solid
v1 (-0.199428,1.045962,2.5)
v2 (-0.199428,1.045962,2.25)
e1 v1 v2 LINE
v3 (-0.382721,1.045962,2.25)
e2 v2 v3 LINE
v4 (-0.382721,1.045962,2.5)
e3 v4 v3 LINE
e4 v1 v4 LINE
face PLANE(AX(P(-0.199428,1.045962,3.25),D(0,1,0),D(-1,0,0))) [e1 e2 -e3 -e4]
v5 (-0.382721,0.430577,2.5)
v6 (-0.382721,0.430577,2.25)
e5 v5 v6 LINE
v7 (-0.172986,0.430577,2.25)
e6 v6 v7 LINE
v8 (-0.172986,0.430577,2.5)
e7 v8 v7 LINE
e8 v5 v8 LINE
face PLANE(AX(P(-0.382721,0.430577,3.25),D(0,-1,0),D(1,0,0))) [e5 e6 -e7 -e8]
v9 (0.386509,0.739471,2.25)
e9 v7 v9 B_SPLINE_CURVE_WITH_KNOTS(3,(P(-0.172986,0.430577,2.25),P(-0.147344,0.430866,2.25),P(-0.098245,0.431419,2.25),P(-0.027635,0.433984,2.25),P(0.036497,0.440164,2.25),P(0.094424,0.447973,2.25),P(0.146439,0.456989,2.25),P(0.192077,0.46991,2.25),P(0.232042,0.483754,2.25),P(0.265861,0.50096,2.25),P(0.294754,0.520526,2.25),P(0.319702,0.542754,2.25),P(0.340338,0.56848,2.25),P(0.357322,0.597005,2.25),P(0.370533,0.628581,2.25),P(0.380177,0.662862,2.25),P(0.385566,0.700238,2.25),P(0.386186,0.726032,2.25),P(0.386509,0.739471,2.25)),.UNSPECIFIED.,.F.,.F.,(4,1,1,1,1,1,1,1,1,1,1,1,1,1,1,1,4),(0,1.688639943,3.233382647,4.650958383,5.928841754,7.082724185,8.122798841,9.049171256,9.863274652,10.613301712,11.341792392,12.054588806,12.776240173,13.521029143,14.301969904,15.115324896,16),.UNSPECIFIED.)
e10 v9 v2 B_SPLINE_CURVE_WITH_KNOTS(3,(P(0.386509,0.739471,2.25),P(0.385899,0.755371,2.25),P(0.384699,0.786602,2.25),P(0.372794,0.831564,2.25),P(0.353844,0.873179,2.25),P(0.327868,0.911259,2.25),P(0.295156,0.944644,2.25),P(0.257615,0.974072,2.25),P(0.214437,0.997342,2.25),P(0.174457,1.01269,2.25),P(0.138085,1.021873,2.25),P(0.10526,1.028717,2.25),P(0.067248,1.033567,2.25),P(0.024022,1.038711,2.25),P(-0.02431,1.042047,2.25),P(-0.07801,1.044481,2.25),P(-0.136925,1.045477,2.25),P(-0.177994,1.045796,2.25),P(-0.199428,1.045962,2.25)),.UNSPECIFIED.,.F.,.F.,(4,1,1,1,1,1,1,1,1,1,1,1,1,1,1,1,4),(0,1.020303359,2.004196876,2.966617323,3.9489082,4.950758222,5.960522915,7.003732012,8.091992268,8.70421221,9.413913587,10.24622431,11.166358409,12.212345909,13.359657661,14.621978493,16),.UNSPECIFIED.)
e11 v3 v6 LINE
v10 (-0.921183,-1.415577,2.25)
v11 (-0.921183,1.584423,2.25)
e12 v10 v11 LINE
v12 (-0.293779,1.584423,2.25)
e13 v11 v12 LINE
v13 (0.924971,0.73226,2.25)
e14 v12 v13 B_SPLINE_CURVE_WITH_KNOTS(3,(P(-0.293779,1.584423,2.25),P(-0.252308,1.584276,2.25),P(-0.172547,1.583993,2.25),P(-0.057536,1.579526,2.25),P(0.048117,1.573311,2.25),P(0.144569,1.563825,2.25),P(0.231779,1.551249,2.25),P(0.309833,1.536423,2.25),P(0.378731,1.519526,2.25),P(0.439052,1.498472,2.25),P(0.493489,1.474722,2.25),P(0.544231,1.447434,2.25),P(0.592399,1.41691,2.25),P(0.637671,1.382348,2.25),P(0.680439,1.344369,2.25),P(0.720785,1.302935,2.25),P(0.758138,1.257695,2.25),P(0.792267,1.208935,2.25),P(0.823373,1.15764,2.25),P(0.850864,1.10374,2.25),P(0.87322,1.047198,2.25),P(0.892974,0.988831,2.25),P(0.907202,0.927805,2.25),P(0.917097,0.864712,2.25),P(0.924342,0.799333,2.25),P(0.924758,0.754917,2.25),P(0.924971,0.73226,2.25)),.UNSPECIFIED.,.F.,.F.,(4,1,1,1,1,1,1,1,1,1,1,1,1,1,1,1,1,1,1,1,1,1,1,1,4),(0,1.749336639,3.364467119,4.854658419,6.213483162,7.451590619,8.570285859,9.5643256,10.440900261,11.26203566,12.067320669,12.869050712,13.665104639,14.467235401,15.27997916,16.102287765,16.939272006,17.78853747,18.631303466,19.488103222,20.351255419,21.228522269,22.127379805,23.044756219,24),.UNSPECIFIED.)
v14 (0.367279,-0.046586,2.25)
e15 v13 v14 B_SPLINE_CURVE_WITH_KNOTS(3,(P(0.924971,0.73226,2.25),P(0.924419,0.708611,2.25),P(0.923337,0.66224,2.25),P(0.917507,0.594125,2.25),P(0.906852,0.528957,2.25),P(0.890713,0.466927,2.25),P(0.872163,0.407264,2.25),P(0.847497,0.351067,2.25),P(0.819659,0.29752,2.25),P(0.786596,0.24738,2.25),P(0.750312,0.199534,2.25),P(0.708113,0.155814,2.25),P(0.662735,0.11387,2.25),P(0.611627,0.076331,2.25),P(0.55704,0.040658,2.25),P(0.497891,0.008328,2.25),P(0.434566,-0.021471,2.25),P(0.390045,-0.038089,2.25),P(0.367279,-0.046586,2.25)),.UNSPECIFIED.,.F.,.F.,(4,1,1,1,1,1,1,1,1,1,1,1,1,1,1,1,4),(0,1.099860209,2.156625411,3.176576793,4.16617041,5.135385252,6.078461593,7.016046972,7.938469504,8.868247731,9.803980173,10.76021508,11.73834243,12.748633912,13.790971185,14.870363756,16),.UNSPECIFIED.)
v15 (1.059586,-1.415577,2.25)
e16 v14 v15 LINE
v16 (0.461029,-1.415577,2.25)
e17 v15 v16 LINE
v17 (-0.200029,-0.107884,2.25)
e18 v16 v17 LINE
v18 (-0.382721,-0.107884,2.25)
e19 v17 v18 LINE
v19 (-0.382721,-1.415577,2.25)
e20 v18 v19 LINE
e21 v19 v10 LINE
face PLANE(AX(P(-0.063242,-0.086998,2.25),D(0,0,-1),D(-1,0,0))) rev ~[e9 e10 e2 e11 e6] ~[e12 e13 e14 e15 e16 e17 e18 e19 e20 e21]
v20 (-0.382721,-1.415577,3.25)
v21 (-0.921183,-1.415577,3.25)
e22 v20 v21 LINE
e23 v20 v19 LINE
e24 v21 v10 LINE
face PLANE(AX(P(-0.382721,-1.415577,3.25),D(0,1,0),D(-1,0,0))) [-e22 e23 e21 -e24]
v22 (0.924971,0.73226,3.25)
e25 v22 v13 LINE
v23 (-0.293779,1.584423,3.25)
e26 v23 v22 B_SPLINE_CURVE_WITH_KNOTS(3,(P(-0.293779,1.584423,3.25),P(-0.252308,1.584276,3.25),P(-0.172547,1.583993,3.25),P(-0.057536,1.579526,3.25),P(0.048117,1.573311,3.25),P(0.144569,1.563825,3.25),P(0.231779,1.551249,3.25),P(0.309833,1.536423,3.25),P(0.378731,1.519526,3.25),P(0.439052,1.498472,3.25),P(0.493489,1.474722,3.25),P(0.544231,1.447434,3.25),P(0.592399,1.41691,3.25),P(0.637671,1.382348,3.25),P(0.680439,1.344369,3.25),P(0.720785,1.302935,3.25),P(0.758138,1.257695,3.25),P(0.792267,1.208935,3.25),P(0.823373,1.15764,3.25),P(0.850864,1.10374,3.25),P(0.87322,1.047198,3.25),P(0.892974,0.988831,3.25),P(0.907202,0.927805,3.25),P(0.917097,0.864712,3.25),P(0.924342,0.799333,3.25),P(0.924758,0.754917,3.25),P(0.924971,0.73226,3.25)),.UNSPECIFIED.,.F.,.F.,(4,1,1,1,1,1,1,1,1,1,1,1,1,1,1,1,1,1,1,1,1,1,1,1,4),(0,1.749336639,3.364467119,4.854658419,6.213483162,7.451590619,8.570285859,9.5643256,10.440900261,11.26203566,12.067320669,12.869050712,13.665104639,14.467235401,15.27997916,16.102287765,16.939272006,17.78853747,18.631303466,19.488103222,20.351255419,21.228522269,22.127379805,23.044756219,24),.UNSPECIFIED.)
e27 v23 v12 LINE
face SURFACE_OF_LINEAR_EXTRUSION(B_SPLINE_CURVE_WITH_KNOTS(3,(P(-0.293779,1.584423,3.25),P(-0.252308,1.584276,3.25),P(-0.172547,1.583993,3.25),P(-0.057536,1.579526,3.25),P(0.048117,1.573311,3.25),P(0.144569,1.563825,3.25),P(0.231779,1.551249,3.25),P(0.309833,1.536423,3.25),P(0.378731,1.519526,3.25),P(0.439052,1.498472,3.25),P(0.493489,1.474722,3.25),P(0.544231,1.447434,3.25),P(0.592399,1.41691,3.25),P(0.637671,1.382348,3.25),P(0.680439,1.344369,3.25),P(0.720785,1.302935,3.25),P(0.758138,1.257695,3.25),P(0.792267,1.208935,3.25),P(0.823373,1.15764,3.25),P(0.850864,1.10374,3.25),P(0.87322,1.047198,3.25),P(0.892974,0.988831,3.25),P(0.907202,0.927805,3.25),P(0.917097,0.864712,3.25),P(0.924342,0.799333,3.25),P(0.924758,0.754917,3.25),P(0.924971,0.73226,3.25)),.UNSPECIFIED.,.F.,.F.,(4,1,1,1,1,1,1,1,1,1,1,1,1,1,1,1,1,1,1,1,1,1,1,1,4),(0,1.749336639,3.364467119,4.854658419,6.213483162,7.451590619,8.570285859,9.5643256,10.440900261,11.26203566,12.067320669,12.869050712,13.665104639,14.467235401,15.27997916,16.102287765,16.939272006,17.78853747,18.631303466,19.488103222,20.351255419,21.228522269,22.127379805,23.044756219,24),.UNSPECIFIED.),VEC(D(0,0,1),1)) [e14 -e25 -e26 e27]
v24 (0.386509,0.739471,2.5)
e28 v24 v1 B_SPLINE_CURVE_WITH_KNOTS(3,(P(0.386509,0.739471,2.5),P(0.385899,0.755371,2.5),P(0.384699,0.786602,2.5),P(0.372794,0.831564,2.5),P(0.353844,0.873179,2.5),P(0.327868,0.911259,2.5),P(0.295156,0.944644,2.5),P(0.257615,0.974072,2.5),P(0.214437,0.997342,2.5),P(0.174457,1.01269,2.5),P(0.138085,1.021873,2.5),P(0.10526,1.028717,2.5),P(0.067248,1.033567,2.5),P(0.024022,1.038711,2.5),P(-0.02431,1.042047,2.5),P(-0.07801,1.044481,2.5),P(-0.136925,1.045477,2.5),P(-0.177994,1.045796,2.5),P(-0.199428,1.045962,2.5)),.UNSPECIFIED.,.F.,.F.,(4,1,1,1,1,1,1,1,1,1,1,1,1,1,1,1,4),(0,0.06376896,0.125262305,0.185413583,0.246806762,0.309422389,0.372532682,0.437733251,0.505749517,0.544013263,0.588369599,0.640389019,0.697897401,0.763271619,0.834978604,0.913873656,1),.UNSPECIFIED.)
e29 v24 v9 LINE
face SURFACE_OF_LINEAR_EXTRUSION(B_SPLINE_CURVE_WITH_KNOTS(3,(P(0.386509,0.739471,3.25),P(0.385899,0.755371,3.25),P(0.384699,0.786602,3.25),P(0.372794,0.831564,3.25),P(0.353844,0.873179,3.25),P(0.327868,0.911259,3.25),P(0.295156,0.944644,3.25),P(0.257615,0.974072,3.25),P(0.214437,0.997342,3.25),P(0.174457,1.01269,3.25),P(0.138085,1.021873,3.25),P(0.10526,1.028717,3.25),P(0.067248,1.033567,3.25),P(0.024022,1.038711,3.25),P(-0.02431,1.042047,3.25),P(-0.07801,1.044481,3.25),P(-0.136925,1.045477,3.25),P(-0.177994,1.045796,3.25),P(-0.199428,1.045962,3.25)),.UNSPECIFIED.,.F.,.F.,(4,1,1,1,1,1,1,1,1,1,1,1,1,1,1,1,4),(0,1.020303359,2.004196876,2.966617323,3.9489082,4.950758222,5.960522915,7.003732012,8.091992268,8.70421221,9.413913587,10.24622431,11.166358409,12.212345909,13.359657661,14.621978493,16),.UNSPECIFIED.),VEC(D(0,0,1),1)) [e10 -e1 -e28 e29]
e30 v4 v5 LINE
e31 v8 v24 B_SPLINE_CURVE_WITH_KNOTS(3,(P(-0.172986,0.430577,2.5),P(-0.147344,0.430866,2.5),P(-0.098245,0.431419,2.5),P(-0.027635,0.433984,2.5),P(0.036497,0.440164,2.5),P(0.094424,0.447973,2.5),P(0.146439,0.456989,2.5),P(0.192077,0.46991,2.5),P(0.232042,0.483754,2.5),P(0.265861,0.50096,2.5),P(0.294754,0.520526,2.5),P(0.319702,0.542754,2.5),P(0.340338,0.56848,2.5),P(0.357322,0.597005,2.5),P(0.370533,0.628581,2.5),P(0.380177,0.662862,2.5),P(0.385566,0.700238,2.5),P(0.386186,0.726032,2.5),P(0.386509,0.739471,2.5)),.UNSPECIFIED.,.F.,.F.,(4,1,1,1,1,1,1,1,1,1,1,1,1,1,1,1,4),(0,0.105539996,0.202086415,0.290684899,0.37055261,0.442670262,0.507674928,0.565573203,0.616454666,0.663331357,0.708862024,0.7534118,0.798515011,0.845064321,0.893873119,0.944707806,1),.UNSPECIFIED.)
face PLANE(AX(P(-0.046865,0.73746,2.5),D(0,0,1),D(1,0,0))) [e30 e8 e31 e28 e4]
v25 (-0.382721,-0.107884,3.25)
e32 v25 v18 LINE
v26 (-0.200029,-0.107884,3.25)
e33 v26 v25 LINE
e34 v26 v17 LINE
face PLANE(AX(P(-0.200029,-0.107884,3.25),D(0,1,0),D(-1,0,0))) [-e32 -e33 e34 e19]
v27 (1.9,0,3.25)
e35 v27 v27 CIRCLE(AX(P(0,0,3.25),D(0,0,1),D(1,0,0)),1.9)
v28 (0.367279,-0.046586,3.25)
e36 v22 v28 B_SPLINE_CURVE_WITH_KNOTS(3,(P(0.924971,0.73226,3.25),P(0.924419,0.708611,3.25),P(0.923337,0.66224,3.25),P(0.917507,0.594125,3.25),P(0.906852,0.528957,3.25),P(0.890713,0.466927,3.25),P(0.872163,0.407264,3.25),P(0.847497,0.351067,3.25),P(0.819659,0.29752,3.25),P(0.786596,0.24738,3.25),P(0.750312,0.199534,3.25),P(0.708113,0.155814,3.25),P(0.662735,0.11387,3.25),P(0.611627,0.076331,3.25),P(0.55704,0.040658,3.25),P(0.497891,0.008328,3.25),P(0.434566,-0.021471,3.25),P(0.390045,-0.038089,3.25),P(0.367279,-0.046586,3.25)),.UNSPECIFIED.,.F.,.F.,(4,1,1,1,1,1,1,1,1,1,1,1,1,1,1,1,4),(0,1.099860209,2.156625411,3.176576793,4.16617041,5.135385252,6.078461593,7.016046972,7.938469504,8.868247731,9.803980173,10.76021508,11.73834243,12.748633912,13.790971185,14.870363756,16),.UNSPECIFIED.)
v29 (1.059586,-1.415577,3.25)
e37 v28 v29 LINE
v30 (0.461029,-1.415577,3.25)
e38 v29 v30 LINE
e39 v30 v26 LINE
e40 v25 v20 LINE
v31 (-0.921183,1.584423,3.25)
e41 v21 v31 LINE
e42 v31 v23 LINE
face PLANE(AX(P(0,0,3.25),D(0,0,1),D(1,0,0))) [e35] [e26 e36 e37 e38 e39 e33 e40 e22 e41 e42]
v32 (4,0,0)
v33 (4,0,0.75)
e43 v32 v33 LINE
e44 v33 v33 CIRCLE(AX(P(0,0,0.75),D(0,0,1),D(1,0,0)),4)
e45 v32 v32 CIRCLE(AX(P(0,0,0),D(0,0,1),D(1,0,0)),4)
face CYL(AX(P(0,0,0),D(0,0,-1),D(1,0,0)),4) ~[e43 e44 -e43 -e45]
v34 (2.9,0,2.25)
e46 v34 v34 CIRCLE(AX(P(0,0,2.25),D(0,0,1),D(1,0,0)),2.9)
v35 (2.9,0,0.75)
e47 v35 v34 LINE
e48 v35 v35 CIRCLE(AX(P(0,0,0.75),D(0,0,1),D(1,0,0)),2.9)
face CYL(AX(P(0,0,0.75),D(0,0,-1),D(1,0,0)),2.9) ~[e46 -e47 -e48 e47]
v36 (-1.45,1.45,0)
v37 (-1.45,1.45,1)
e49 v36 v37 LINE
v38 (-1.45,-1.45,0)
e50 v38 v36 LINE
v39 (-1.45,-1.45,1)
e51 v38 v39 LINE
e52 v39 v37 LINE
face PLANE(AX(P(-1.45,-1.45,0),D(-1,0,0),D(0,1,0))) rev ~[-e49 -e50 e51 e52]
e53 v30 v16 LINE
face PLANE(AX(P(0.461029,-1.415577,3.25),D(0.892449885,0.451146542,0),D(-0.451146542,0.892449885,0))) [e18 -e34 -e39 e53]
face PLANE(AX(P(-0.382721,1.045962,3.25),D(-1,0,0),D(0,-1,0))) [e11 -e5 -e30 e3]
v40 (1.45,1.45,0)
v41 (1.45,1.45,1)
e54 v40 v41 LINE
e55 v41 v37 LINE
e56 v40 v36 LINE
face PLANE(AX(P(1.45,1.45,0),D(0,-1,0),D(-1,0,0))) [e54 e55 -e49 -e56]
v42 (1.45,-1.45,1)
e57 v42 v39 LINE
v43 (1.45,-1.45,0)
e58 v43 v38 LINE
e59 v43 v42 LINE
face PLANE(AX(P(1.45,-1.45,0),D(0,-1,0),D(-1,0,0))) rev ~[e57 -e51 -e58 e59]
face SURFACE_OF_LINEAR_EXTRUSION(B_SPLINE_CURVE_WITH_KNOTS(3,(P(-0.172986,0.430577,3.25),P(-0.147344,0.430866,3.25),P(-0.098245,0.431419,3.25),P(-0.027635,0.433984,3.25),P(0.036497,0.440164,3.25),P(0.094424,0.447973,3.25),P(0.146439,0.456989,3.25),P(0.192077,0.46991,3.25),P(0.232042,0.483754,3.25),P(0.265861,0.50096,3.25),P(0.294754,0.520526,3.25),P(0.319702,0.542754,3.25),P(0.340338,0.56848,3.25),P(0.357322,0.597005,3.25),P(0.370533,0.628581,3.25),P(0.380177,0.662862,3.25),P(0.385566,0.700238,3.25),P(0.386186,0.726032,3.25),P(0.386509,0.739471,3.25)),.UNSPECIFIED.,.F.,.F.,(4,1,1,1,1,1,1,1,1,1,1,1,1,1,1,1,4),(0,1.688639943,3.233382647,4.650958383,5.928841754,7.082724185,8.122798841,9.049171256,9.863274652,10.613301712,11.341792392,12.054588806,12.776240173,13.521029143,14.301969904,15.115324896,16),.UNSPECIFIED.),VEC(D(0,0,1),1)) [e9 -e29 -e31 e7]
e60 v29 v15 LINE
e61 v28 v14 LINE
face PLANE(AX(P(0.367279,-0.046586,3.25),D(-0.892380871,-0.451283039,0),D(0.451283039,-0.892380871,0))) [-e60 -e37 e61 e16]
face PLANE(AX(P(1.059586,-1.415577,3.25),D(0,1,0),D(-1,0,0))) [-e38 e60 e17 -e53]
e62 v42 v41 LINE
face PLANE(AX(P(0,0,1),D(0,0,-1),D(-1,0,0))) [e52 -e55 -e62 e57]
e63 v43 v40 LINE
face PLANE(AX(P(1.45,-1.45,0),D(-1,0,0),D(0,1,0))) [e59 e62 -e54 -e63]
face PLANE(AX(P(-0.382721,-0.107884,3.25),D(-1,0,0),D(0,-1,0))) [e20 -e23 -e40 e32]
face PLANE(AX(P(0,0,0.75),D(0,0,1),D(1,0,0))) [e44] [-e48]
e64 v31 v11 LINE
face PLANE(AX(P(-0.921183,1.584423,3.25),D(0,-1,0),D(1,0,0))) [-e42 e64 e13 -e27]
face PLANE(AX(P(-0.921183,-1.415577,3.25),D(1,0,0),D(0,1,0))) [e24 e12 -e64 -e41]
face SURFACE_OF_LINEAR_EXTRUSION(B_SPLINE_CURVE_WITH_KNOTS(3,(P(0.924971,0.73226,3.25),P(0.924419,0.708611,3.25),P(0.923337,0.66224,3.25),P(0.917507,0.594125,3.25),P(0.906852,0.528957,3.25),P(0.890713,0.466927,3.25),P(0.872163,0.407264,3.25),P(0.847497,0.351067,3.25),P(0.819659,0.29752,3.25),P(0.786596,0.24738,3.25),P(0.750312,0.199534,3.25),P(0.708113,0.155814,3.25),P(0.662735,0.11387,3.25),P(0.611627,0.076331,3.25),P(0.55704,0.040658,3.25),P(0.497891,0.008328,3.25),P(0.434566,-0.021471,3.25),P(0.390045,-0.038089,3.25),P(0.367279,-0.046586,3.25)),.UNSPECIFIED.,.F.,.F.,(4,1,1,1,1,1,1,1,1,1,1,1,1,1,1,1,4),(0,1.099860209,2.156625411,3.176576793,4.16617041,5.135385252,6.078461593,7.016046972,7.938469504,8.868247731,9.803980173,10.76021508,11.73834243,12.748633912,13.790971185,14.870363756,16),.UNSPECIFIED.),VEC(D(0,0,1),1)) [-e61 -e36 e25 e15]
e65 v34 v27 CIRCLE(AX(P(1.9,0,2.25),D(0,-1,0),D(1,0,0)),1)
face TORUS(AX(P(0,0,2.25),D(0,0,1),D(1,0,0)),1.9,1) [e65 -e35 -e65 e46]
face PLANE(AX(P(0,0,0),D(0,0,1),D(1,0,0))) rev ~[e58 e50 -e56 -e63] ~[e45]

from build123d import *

# Parameters (mm, degrees)
SZKIC1_R                    = 4
DODANIE_WYCI_GNI_CIE1_DEPTH = 0.75
SZKIC2_R                    = 2.9
DODANIE_WYCI_GNI_CIE2_DEPTH = 2.5
SZKIC3_W                    = 2.5
SZKIC3_H                    = 2.5
WYTNIJ_WYCI_GNI_CIE1_DEPTH  = 1
ZAOKR_GLENIE2_R             = 1
SZKIC4_W                    = 2.9
SZKIC4_H                    = 2.9
WYTNIJ_WYCI_GNI_CIE2_DEPTH  = 1
WYTNIJ_WYCI_GNI_CIE3_DEPTH  = 1
WYTNIJ_WYCI_GNI_CIE4_DEPTH  = 0.75


with BuildPart() as part:
    # Szkic1 → Dodanie-wyciągnięcie1 (new body)
    with BuildSketch(Plane.XY):
        Circle(SZKIC1_R)
    extrude(amount=DODANIE_WYCI_GNI_CIE1_DEPTH)

    # Szkic2 → Dodanie-wyciągnięcie2 (add)
    with BuildSketch(Plane.XY.offset(0.75)):
        Circle(SZKIC2_R)
    extrude(amount=DODANIE_WYCI_GNI_CIE2_DEPTH)

    # Szkic3 → Wytnij-wyciągnięcie1 (cut)
    with BuildSketch(Plane(origin=(0, 0, 0), x_dir=(-1, 0, 0), z_dir=(0, 0, -1))):
        Rectangle(SZKIC3_W, SZKIC3_H)
    extrude(amount=-WYTNIJ_WYCI_GNI_CIE1_DEPTH, mode=Mode.SUBTRACT)

    # Zaokrąglenie2
    zaokr_glenie2_edges = [part.edges().sort_by_distance(p)[0] for p in [
        (-2.9, 0, 3.25),
    ]]
    fillet(zaokr_glenie2_edges, radius=ZAOKR_GLENIE2_R)

    # Szkic4 → Wytnij-wyciągnięcie2 (cut)
    with BuildSketch(Plane(origin=(0, 0, 0), x_dir=(-1, 0, 0), z_dir=(0, 0, -1))):
        Rectangle(SZKIC4_W, SZKIC4_H)
    extrude(amount=-WYTNIJ_WYCI_GNI_CIE2_DEPTH, mode=Mode.SUBTRACT)

    # Szkic5 → Wytnij-wyciągnięcie3 (cut)
    with BuildSketch(Plane.XY.offset(3.25)):
        with BuildLine():
            Line((-0.921182905, 1.584423241), (-0.293779059, 1.584423241))
            add(Edge.make_bspline(
                [(-0.293779059, 1.584423241), (-0.252307855, 1.584276042), (-0.17254705, 1.583992937), (-0.057536324, 1.579526289), (0.048116843, 1.573310581), (0.144568883, 1.563825246), (0.23177853, 1.551248838), (0.309833189, 1.536423335), (0.378730579, 1.519526495), (0.439051754, 1.4984717), (0.493488632, 1.47472221), (0.54423137, 1.44743361), (0.592399429, 1.416909768), (0.637670857, 1.382347519), (0.680439074, 1.344368629), (0.720784764, 1.302934869), (0.758137806, 1.257694897), (0.792266907, 1.208934573), (0.823372836, 1.15763983), (0.850863953, 1.10374024), (0.873219776, 1.04719832), (0.892973541, 0.988831223), (0.907201538, 0.927804579), (0.917096902, 0.864712494), (0.924341901, 0.799332876), (0.924758453, 0.754916866), (0.924970941, 0.73225978)],
                knots=[0, 0, 0, 0, 1.749336639, 3.364467119, 4.854658419, 6.213483162, 7.451590619, 8.570285859, 9.5643256, 10.440900261, 11.26203566, 12.067320669, 12.869050712, 13.665104639, 14.467235401, 15.27997916, 16.102287765, 16.939272006, 17.78853747, 18.631303466, 19.488103222, 20.351255419, 21.228522269, 22.127379805, 23.044756219, 24, 24, 24, 24], degree=3))
            add(Edge.make_bspline(
                [(0.924970941, 0.73225978), (0.924418974, 0.708610987), (0.923336666, 0.662240014), (0.917506767, 0.594124836), (0.906851544, 0.528956999), (0.890712658, 0.466927305), (0.872163104, 0.407263723), (0.847496956, 0.351067083), (0.819658771, 0.297520087), (0.786596171, 0.247380176), (0.750311583, 0.199533643), (0.70811337, 0.155813667), (0.662735328, 0.113870465), (0.611626594, 0.076331215), (0.557040086, 0.040657651), (0.497891228, 0.008327901), (0.434566047, -0.021470729), (0.390045308, -0.038088504), (0.367278634, -0.046586374)],
                knots=[0, 0, 0, 0, 1.099860209, 2.156625411, 3.176576793, 4.16617041, 5.135385252, 6.078461593, 7.016046972, 7.938469504, 8.868247731, 9.803980173, 10.76021508, 11.73834243, 12.748633912, 13.790971185, 14.870363756, 16, 16, 16, 16], degree=3))
            Line((0.367278634, -0.046586374), (1.059586326, -1.415576759))
            Line((1.059586326, -1.415576759), (0.461028634, -1.415576759))
            Line((0.461028634, -1.415576759), (-0.200029059, -0.107884451))
            Line((-0.200029059, -0.107884451), (-0.382721366, -0.107884451))
            Line((-0.382721366, -0.107884451), (-0.382721366, -1.415576759))
            Line((-0.382721366, -1.415576759), (-0.921182905, -1.415576759))
            Line((-0.921182905, -1.415576759), (-0.921182905, 1.584423241))
        make_face()
        with BuildLine():
            Line((-0.382721366, 0.430577087), (-0.172985789, 0.430577087))
            add(Edge.make_bspline(
                [(-0.172985789, 0.430577087), (-0.147343872, 0.430865884), (-0.098245109, 0.431418867), (-0.02763464, 0.433983833), (0.036496506, 0.440164132), (0.09442373, 0.44797271), (0.146438515, 0.456988841), (0.192076908, 0.469909503), (0.232042127, 0.48375432), (0.265860584, 0.500959836), (0.294754296, 0.520526239), (0.319702167, 0.54275416), (0.340337634, 0.568480148), (0.357321675, 0.597005082), (0.370533413, 0.628581257), (0.38017697, 0.66286204), (0.385566291, 0.700237931), (0.386186351, 0.726032386), (0.386509403, 0.739471318)],
                knots=[0, 0, 0, 0, 1.688639943, 3.233382647, 4.650958383, 5.928841754, 7.082724185, 8.122798841, 9.049171256, 9.863274652, 10.613301712, 11.341792392, 12.054588806, 12.776240173, 13.521029143, 14.301969904, 15.115324896, 16, 16, 16, 16], degree=3))
            add(Edge.make_bspline(
                [(0.386509403, 0.739471318), (0.385898644, 0.755370556), (0.384698922, 0.786601663), (0.372793947, 0.831563506), (0.353843798, 0.873178768), (0.327868335, 0.911259421), (0.295155616, 0.94464355), (0.257615189, 0.974071926), (0.214436843, 0.997341683), (0.174456944, 1.012690168), (0.138084581, 1.021873324), (0.10525967, 1.028716531), (0.067248226, 1.033566508), (0.024021552, 1.038710772), (-0.024310165, 1.042046567), (-0.078010364, 1.044481033), (-0.136924816, 1.045477092), (-0.177993785, 1.045795515), (-0.199428097, 1.045961703)],
                knots=[0, 0, 0, 0, 1.020303359, 2.004196876, 2.966617323, 3.9489082, 4.950758222, 5.960522915, 7.003732012, 8.091992268, 8.70421221, 9.413913587, 10.24622431, 11.166358409, 12.212345909, 13.359657661, 14.621978493, 16, 16, 16, 16], degree=3))
            Line((-0.199428097, 1.045961703), (-0.382721366, 1.045961703))
            Line((-0.382721366, 1.045961703), (-0.382721366, 0.430577087))
        make_face(mode=Mode.SUBTRACT)
    extrude(amount=-WYTNIJ_WYCI_GNI_CIE3_DEPTH, mode=Mode.SUBTRACT)

    # Szkic6 → Wytnij-wyciągnięcie4 (cut)
    with BuildSketch(Plane.XY.offset(3.25)):
        with BuildLine():
            Line((-0.199428097, 1.045961703), (-0.382721366, 1.045961703))
            Line((-0.382721366, 1.045961703), (-0.382721366, 0.430577087))
            Line((-0.382721366, 0.430577087), (-0.172985789, 0.430577087))
            add(Edge.make_bspline(
                [(-0.172985789, 0.430577087), (-0.147343872, 0.430865884), (-0.098245109, 0.431418867), (-0.02763464, 0.433983833), (0.036496506, 0.440164132), (0.09442373, 0.44797271), (0.146438515, 0.456988841), (0.192076908, 0.469909503), (0.232042127, 0.48375432), (0.265860584, 0.500959836), (0.294754296, 0.520526239), (0.319702167, 0.54275416), (0.340337634, 0.568480148), (0.357321675, 0.597005082), (0.370533413, 0.628581257), (0.38017697, 0.66286204), (0.385566291, 0.700237931), (0.386186351, 0.726032386), (0.386509403, 0.739471318)],
                knots=[0, 0, 0, 0, 0.105539996, 0.202086415, 0.290684899, 0.37055261, 0.442670262, 0.507674928, 0.565573203, 0.616454666, 0.663331357, 0.708862024, 0.7534118, 0.798515011, 0.845064321, 0.893873119, 0.944707806, 1, 1, 1, 1], degree=3))
            add(Edge.make_bspline(
                [(0.386509403, 0.739471318), (0.385898644, 0.755370556), (0.384698922, 0.786601663), (0.372793947, 0.831563506), (0.353843798, 0.873178768), (0.327868335, 0.911259421), (0.295155616, 0.94464355), (0.257615189, 0.974071926), (0.214436843, 0.997341683), (0.174456944, 1.012690168), (0.138084581, 1.021873324), (0.10525967, 1.028716531), (0.067248226, 1.033566508), (0.024021552, 1.038710772), (-0.024310165, 1.042046567), (-0.078010364, 1.044481033), (-0.136924816, 1.045477092), (-0.177993785, 1.045795515), (-0.199428097, 1.045961703)],
                knots=[0, 0, 0, 0, 0.06376896, 0.125262305, 0.185413583, 0.246806762, 0.309422389, 0.372532682, 0.437733251, 0.505749517, 0.544013263, 0.588369599, 0.640389019, 0.697897401, 0.763271619, 0.834978604, 0.913873656, 1, 1, 1, 1], degree=3))
        make_face()
    extrude(amount=-WYTNIJ_WYCI_GNI_CIE4_DEPTH, mode=Mode.SUBTRACT)


solid = part.part
